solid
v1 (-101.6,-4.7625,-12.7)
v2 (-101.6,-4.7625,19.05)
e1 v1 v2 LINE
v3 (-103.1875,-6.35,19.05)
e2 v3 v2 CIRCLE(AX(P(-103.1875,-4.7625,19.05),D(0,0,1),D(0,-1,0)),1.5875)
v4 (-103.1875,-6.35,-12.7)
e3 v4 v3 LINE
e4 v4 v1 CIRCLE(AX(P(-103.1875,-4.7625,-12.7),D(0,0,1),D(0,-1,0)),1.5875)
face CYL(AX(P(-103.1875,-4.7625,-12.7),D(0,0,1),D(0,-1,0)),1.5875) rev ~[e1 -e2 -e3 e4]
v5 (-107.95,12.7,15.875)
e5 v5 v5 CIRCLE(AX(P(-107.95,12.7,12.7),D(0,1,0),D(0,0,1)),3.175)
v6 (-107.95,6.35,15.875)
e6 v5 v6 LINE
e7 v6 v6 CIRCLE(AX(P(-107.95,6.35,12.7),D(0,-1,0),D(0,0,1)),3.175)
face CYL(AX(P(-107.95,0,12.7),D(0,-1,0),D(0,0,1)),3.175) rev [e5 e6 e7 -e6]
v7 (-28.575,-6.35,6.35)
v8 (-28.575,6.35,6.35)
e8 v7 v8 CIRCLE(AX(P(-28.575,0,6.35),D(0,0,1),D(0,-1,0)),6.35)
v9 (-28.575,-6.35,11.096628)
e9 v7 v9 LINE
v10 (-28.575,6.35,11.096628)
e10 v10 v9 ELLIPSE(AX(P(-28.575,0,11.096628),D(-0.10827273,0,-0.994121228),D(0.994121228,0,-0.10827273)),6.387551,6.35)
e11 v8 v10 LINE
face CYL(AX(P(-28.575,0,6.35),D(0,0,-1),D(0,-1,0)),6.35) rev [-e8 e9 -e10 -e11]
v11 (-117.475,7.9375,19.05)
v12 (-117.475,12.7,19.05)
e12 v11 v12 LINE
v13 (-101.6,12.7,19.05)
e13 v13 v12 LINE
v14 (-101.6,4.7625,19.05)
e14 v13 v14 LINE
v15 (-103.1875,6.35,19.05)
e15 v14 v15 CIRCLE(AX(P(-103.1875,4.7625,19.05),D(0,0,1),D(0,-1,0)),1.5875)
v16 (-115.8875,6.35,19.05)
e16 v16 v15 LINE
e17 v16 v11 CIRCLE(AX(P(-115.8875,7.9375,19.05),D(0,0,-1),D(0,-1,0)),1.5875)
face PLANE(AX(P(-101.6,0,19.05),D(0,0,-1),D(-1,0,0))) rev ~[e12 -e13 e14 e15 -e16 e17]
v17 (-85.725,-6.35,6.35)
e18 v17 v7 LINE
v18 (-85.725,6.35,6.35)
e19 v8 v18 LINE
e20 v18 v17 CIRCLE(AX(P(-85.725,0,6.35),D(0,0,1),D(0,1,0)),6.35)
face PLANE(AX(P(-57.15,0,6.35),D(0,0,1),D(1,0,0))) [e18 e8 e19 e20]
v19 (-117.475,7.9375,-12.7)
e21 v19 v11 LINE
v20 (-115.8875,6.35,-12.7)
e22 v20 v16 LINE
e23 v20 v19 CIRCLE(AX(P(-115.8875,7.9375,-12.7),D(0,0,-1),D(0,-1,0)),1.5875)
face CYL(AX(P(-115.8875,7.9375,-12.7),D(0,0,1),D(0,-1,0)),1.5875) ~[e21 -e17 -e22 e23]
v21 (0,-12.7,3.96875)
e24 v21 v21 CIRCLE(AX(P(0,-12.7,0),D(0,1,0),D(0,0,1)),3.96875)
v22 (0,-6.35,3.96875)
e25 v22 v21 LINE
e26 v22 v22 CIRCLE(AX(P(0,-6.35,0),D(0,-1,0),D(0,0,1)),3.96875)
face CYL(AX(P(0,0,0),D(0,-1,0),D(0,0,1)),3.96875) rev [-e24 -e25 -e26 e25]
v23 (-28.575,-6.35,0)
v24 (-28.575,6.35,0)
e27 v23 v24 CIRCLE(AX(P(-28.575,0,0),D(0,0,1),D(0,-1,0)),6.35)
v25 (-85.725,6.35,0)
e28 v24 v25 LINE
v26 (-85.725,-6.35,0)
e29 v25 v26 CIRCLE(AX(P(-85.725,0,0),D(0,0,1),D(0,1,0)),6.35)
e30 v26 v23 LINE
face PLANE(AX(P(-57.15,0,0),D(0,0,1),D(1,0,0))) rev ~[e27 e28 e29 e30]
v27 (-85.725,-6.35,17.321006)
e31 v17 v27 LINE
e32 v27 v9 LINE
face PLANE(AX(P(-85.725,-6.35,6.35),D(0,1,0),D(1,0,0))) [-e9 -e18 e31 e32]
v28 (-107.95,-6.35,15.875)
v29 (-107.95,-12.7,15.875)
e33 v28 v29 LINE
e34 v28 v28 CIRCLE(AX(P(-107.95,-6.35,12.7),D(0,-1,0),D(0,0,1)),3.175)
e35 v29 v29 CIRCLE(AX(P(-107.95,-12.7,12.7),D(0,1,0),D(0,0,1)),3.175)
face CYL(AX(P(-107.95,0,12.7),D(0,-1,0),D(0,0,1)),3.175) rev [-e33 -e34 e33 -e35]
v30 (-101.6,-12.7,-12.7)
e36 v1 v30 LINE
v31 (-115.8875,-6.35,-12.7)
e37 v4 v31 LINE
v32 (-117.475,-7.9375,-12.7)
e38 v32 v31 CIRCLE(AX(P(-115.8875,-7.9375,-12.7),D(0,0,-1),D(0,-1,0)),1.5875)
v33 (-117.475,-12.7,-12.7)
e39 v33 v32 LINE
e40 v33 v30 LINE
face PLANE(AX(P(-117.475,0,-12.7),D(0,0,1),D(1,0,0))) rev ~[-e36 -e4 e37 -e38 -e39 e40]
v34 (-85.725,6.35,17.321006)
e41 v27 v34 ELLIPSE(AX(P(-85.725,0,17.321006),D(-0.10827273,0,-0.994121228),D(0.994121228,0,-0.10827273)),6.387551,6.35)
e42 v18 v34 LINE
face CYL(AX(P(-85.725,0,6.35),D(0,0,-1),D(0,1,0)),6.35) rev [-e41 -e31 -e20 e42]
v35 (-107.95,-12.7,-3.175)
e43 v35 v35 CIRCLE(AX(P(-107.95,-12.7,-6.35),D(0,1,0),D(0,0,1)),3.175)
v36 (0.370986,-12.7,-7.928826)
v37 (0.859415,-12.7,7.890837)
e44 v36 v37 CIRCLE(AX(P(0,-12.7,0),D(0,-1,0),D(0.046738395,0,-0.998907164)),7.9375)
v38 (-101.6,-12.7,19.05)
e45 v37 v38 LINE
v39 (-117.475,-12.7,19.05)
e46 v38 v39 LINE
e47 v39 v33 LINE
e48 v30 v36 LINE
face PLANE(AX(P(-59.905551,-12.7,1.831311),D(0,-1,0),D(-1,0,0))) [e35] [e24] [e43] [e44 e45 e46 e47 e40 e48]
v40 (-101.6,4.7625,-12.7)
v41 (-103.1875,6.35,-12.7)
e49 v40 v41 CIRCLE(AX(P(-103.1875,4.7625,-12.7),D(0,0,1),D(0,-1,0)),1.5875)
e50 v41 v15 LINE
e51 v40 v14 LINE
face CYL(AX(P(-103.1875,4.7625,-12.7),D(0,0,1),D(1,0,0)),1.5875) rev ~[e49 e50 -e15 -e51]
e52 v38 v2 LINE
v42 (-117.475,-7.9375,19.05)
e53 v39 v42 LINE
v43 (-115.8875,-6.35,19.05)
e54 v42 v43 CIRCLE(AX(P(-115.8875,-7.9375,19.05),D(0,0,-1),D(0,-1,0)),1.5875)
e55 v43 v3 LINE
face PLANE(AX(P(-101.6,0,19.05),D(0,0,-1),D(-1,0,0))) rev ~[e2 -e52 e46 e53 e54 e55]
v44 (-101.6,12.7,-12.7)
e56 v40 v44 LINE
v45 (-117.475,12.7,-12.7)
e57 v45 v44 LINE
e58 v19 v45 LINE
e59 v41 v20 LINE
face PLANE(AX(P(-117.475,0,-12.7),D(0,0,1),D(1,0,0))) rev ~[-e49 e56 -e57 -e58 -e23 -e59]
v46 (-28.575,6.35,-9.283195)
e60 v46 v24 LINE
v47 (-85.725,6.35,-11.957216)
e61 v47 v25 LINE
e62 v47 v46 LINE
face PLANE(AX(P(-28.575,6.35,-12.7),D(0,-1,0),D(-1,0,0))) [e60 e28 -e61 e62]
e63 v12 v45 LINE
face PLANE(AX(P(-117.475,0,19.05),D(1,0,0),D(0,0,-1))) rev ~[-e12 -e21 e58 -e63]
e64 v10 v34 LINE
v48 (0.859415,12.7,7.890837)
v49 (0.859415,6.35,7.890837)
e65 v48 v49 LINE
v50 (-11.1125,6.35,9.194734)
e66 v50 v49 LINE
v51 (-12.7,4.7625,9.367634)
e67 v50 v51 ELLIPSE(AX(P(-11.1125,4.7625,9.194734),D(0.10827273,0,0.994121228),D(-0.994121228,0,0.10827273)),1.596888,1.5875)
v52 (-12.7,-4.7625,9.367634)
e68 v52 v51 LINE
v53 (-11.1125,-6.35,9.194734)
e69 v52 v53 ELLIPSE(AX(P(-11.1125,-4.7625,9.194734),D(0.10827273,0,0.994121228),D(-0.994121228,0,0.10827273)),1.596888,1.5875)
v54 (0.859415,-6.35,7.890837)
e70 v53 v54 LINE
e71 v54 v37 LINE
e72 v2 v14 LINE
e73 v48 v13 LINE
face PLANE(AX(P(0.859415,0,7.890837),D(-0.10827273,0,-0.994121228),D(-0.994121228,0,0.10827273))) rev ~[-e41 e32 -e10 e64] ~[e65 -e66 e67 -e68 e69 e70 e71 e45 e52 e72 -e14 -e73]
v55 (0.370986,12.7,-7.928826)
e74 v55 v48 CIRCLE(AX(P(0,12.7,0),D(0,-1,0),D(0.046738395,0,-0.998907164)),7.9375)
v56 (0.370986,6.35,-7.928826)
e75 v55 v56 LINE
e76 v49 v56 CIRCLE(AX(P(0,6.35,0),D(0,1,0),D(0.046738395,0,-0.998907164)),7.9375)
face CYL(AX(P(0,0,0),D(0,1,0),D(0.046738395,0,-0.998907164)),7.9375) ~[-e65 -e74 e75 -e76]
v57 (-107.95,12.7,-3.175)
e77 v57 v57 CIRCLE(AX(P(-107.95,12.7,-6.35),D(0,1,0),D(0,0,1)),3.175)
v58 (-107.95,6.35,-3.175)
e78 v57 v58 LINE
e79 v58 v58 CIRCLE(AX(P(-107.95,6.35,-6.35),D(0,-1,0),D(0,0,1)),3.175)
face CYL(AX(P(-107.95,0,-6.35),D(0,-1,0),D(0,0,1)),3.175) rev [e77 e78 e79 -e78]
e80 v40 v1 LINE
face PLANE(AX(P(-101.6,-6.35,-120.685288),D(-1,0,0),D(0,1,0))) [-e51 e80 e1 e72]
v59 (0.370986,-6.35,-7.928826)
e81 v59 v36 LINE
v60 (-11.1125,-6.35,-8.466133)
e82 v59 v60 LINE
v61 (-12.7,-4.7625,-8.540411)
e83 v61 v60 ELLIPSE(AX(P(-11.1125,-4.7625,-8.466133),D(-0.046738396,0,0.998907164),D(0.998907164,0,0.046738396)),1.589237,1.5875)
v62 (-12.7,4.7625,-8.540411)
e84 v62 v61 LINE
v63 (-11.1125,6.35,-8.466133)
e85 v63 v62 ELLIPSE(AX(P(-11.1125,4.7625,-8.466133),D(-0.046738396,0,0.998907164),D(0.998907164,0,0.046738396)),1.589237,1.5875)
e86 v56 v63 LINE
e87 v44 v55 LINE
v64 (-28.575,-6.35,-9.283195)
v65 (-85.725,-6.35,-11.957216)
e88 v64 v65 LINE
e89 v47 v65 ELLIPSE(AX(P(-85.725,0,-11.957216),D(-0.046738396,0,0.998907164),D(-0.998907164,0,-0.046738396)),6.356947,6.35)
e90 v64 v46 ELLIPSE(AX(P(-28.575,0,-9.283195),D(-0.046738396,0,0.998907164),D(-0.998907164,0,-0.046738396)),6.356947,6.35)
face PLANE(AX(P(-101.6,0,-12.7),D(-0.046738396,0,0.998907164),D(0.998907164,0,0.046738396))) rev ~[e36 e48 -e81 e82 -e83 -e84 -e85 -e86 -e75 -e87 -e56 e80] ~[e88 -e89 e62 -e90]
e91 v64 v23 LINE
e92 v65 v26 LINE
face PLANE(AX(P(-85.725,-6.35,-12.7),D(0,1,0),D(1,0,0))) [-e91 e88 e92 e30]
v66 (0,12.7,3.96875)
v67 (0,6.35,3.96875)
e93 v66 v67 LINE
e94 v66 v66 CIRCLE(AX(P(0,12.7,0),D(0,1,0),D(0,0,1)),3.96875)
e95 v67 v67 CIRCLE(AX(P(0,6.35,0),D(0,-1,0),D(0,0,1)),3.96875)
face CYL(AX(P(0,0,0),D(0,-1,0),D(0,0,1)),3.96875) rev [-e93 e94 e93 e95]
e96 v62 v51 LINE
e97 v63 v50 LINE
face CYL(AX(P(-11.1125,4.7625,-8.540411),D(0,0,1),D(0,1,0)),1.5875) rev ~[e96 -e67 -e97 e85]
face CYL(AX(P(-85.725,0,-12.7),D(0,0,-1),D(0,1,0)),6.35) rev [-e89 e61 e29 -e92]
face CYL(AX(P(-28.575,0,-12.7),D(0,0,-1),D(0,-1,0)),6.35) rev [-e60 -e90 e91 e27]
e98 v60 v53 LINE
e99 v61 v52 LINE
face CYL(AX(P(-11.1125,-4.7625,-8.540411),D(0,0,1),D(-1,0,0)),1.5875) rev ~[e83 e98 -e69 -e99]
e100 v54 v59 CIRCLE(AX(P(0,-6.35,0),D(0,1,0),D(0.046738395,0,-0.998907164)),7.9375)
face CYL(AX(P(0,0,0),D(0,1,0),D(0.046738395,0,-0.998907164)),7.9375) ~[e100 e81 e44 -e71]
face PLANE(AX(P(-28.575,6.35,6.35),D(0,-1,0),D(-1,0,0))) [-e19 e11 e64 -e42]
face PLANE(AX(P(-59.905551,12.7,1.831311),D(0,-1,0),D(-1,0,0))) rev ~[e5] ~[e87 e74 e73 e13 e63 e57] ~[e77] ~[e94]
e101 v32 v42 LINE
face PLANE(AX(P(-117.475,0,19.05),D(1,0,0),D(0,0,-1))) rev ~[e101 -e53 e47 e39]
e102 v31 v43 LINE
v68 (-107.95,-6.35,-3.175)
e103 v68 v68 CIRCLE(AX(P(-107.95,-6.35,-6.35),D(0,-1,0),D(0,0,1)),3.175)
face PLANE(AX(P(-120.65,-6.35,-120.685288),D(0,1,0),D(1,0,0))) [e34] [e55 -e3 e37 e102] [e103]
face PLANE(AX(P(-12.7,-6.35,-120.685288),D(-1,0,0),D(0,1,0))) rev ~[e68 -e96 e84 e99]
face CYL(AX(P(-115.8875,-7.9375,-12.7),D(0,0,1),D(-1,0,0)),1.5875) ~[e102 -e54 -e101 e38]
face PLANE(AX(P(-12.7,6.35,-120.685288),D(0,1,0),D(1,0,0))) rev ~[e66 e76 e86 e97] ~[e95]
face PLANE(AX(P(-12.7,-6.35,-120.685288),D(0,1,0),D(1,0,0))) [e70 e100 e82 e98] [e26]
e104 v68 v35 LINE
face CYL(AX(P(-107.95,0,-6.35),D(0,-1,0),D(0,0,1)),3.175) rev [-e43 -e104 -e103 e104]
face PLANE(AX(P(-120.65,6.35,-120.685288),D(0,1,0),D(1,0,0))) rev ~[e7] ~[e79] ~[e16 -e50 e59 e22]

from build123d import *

# Parameters (mm, degrees)
SKETCH1_R               = 3.96875
SKETCH1_R_2             = 3.175
BOSS_EXTRUDE1_DEPTH     = 12.7
CUT_EXTRUDE1_DEPTH      = 120.685287839
CUT_EXTRUDE1_DEPTH_BACK = 120.685287839
SKETCH2_W               = 25.4
SKETCH2_H               = 12.7
SKETCH2_W_2             = 19.05
FILLET1_R               = 1.5875
FILLET2_R               = 1.5875
CUT_EXTRUDE2_DEPTH      = 12.7
CUT_EXTRUDE3_START      = -12.7
CUT_EXTRUDE3_DEPTH      = 12.7


with BuildPart() as part:
    # Sketch1 → Boss-Extrude1 (new, symmetric)
    with BuildSketch(Plane(origin=(0, 0, 0), x_dir=(1, 0, 0), z_dir=(0, 1, 0))):
        with BuildLine():
            Line((-117.475, 12.7), (-101.6, 12.7))
            Line((-101.6, 12.7), (0.370986014, 7.928825615))
            ThreePointArc((0.370986014, 7.928825615), (7.933719481, 0.24495193), (0.859414796, -7.890837247))
            Line((0.859414796, -7.890837247), (-101.6, -19.05))
            Line((-101.6, -19.05), (-117.475, -19.05))
            Line((-117.475, -19.05), (-117.475, 12.7))
        make_face()
        with Locations(Location((0, 0, 0), (0, 0, 270))):
            Circle(SKETCH1_R, mode=Mode.SUBTRACT)
        with Locations(Location((-107.95, 6.35, 0), (0, 0, 270))):
            Circle(SKETCH1_R_2, mode=Mode.SUBTRACT)
        with Locations(Location((-107.95, -12.7, 0), (0, 0, 270))):
            Circle(SKETCH1_R_2, mode=Mode.SUBTRACT)
    extrude(amount=BOSS_EXTRUDE1_DEPTH, both=True)

    # Sketch2 → Cut-Extrude1 (cut, two sides: drawn at the far end of the back side and taken through both)
    with BuildSketch(Plane.XY.offset(-CUT_EXTRUDE1_DEPTH_BACK)):
        Rectangle(SKETCH2_W, SKETCH2_H)
        with Locations((-111.125, 0)):
            Rectangle(SKETCH2_W_2, SKETCH2_H)
    extrude(amount=CUT_EXTRUDE1_DEPTH + CUT_EXTRUDE1_DEPTH_BACK, mode=Mode.SUBTRACT)

    # Fillet1
    fillet1_edges = [part.edges().sort_by_distance(p)[0] for p in [
        (-12.7, -6.35, 0.413611484),
        (-12.7, 6.35, 0.413611484),
        (-101.6, -6.35, 3.175),
        (-101.6, 6.35, 3.175),
    ]]
    fillet(fillet1_edges, radius=FILLET1_R)

    # Fillet2
    fillet2_edges = [part.edges().sort_by_distance(p)[0] for p in [
        (-117.475, 6.35, 3.175),
        (-117.475, -6.35, 3.175),
    ]]
    fillet(fillet2_edges, radius=FILLET2_R)

    # Sketch3 → Cut-Extrude2 (cut)
    with BuildSketch(Plane(origin=(0, 0, -12.7), x_dir=(-1, 0, 0), z_dir=(0, 0, -1))):
        with BuildLine():
            Line((28.575, 6.35), (85.725, 6.35))
            ThreePointArc((85.725, 6.35), (92.075, 0), (85.725, -6.35))
            Line((85.725, -6.35), (28.575, -6.35))
            ThreePointArc((28.575, -6.35), (22.225, 0), (28.575, 6.35))
        make_face()
    extrude(amount=-CUT_EXTRUDE2_DEPTH, mode=Mode.SUBTRACT)

    # Sketch4 → Cut-Extrude3 (cut)
    with BuildSketch(Plane.XY.offset(19.05).offset(CUT_EXTRUDE3_START)):
        with BuildLine():
            Line((-28.575, 6.35), (-85.725, 6.35))
            ThreePointArc((-85.725, 6.35), (-92.075, 0), (-85.725, -6.35))
            Line((-85.725, -6.35), (-28.575, -6.35))
            ThreePointArc((-28.575, -6.35), (-22.225, 0), (-28.575, 6.35))
        make_face()
    extrude(amount=CUT_EXTRUDE3_DEPTH, mode=Mode.SUBTRACT)


solid = part.part
